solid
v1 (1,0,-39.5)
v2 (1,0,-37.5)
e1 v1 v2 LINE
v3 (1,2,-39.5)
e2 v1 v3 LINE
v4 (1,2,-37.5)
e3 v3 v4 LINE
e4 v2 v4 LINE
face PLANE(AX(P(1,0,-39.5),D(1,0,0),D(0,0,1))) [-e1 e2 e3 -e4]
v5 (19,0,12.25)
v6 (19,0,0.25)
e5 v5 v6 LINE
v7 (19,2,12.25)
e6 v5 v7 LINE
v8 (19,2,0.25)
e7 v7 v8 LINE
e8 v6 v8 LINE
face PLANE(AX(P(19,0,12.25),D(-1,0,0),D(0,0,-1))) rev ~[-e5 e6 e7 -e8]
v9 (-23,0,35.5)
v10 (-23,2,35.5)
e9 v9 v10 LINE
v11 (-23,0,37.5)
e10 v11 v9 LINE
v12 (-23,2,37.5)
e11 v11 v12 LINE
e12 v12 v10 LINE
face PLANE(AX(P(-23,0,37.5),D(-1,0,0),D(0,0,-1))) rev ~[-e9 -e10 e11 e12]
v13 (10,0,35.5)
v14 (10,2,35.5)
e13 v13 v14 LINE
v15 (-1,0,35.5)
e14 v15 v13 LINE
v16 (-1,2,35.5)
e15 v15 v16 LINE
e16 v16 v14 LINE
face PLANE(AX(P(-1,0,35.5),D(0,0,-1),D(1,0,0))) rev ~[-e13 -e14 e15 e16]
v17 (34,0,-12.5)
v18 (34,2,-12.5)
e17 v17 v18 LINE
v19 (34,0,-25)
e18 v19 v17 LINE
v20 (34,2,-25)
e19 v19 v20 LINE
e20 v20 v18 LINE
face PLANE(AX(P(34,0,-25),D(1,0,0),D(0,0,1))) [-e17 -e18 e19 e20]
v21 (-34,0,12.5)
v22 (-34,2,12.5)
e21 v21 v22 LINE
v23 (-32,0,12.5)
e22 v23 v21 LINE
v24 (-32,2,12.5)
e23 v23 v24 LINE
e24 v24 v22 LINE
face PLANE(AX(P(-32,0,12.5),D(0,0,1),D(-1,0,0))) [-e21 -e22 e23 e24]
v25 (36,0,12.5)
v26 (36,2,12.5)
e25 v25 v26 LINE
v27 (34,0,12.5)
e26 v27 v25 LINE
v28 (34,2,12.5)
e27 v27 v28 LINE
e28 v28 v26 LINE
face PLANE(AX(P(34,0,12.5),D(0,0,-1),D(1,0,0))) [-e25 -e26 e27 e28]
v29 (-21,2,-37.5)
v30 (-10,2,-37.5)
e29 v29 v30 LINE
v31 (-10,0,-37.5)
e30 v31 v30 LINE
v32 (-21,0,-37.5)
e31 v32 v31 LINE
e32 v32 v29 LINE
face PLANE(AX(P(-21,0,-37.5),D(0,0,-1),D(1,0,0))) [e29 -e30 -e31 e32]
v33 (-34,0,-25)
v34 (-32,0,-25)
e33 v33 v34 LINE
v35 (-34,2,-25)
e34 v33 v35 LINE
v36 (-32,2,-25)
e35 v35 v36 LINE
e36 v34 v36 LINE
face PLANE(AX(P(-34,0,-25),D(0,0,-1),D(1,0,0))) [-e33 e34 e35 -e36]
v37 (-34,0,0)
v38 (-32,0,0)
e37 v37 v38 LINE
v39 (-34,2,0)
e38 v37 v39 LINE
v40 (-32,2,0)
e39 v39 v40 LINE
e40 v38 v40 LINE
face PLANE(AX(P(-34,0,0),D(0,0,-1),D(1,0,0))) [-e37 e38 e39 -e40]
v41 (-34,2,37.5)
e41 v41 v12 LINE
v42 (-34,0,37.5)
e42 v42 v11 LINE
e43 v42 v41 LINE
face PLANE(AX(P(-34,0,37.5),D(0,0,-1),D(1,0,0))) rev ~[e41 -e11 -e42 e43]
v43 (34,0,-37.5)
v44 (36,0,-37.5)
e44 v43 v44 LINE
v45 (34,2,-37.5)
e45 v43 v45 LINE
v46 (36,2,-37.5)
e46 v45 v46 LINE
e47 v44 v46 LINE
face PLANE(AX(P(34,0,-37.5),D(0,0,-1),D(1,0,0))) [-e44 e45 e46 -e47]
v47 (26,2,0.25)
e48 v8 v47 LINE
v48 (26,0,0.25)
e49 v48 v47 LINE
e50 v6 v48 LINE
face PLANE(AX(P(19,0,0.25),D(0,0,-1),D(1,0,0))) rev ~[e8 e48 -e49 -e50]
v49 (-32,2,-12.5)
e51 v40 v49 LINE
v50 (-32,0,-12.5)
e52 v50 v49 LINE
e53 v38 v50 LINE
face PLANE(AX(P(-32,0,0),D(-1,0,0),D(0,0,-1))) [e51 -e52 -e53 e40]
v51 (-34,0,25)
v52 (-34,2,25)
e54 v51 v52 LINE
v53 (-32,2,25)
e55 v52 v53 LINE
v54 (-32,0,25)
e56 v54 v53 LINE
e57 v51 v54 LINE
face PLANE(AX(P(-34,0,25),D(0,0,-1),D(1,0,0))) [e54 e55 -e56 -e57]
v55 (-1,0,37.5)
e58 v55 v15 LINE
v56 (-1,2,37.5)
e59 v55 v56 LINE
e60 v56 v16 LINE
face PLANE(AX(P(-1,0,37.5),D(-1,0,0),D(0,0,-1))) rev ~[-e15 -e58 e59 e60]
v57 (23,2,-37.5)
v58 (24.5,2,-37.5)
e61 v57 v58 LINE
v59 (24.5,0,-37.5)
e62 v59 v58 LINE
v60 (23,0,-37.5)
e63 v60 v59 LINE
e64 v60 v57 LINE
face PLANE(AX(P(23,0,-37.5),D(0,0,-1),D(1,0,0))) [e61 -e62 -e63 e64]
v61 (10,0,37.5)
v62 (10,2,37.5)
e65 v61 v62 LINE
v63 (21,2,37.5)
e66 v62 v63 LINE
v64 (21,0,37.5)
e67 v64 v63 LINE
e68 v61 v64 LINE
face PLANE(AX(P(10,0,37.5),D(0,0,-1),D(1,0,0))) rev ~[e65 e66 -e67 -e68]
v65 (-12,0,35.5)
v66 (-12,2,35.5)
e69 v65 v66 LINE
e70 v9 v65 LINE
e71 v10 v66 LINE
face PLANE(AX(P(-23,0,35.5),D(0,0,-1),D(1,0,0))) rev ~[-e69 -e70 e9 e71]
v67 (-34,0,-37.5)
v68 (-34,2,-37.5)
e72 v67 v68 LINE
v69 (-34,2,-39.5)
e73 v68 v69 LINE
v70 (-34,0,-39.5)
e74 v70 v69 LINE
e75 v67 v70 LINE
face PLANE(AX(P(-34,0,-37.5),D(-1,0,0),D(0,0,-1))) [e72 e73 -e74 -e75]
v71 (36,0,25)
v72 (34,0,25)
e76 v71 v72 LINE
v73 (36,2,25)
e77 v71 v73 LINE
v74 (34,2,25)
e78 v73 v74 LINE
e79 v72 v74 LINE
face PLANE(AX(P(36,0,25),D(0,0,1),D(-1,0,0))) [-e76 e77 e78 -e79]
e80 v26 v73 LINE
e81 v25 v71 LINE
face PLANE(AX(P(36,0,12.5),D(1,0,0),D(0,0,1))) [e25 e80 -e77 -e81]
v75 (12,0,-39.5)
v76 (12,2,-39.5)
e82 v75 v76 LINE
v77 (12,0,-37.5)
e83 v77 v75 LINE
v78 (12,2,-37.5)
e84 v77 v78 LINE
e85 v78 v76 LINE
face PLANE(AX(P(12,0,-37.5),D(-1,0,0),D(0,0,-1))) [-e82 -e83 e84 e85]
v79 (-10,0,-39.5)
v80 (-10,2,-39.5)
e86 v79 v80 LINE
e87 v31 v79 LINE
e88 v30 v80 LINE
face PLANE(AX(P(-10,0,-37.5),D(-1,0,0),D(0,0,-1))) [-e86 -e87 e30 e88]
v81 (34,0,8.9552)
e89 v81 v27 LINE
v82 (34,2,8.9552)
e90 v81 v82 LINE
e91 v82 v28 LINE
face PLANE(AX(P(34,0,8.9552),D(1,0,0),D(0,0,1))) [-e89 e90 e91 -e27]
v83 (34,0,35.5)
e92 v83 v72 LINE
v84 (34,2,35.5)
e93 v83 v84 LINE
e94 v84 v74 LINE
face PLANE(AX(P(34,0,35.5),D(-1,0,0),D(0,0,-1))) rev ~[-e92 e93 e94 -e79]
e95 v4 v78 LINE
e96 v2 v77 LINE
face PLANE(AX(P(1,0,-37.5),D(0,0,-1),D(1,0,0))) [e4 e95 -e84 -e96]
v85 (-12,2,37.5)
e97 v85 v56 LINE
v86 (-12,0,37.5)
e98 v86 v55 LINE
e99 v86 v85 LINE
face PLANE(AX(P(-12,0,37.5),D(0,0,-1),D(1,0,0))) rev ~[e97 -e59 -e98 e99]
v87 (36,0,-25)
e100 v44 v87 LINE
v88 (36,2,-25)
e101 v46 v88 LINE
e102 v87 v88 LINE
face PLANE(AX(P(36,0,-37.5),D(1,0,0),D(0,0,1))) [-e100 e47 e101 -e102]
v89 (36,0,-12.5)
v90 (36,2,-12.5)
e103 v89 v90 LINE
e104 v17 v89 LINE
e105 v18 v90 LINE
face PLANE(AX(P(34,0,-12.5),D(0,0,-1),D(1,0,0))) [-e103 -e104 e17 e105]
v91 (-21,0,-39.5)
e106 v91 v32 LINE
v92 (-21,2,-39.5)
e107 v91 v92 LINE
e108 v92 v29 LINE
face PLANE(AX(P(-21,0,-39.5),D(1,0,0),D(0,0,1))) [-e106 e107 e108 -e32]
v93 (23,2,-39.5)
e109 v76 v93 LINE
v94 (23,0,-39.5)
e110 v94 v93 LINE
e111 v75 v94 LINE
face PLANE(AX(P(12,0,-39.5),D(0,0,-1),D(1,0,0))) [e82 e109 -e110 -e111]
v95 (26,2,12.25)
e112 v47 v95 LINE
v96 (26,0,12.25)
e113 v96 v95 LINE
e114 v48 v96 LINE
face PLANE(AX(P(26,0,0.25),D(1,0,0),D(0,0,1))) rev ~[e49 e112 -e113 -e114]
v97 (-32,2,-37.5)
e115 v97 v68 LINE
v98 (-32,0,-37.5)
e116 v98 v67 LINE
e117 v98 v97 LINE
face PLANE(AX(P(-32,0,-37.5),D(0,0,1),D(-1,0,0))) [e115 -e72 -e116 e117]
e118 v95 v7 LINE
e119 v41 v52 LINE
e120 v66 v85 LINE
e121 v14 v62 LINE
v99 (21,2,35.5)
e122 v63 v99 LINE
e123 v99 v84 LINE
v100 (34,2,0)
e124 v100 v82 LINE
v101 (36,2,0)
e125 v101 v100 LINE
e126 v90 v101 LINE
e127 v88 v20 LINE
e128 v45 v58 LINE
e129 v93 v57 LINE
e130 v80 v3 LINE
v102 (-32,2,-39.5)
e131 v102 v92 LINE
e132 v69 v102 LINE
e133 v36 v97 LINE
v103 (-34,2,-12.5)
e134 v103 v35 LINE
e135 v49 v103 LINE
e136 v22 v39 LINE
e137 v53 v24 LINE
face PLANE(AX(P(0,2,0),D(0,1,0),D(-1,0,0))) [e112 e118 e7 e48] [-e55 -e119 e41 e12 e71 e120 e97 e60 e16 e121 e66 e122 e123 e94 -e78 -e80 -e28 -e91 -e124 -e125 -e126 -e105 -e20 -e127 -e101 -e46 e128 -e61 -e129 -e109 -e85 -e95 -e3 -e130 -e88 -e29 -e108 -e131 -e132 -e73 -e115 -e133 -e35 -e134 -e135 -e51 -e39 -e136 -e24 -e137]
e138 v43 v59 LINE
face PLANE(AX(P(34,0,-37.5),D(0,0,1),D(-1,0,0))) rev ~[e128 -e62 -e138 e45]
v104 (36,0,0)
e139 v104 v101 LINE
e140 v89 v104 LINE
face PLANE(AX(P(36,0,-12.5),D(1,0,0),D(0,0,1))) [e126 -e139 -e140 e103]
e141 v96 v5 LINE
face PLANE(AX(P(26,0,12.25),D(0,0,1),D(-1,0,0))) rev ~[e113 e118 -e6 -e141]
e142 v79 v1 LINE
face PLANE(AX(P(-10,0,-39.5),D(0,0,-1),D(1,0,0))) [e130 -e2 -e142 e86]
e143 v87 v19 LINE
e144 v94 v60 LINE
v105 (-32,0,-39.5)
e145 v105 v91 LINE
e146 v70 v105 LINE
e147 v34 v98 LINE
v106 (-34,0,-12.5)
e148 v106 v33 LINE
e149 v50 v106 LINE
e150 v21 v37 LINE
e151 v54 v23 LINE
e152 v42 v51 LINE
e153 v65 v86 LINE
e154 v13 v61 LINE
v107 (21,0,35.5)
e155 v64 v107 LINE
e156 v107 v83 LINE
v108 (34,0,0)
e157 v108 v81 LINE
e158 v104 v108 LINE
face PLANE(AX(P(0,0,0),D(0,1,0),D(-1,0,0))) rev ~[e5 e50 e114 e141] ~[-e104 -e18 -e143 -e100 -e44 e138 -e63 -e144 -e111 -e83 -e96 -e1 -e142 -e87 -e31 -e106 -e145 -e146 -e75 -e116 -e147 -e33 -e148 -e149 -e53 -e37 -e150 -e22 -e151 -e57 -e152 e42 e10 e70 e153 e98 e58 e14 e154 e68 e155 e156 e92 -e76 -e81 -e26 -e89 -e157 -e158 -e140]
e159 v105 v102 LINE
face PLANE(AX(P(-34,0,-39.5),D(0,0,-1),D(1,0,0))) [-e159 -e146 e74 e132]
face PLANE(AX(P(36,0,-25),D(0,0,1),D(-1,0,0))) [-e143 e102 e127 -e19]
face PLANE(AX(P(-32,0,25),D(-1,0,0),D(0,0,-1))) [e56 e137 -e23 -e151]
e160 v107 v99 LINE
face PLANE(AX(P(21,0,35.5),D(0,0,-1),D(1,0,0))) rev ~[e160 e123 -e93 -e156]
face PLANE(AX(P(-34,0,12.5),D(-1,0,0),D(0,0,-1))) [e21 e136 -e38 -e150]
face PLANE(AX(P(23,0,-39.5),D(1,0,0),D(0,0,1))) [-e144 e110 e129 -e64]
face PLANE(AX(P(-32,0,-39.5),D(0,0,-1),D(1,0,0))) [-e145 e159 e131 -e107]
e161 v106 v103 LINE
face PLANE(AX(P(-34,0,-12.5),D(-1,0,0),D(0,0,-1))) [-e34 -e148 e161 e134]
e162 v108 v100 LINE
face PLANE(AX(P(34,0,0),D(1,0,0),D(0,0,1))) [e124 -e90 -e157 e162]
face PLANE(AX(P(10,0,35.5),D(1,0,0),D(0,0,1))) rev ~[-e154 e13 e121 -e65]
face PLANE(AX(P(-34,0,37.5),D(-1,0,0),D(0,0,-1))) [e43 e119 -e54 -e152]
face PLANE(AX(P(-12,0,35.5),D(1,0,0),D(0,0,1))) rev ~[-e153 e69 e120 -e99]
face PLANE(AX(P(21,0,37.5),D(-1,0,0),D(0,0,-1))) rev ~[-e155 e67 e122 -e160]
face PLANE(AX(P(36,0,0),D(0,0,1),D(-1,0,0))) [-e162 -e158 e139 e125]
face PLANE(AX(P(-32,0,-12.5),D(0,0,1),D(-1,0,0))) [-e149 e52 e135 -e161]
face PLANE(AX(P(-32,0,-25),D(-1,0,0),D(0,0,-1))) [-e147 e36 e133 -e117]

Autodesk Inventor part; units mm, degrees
ref_plane "YZ Plane" through (0, 0, 0) normal (1, 0, 0) x (0, 1, 0)
ref_plane "XZ Plane" through (0, 0, 0) normal (0, 1, 0) x (-1, 0, 0)
ref_plane "XY Plane" through (0, 0, 0) normal (0, 0, 1) x (1, 0, 0)
sketch "Sketch1" plane through (0, 0, 0) normal (0, 1, 0) x (-1, 0, 0)
  line L0 (34, 37.5) -> (-34, -37.5) construction
  line L1 (-34, 37.5) -> (34, -37.5) construction
  line L2 (34, 37.5) -> (34, 25)
  line L3 (34, 25) -> (32, 25)
  line L4 (32, 25) -> (32, 12.5)
  line L5 (32, 12.5) -> (34, 12.5)
  line L6 (34, 12.5) -> (34, 0)
  line L7 (34, 0) -> (32, 0)
  line L8 (32, 0) -> (32, -12.5)
  line L9 (32, -12.5) -> (34, -12.5)
  line L10 (34, -12.5) -> (34, -25)
  line L11 (34, -25) -> (32, -25)
  line L12 (32, -25) -> (32, -37.5)
  line L13 (34, -25) -> (34, -12.5)
  line L14 (34, 0) -> (34, 12.5)
  line L15 (34, 25) -> (34, 37.5)
  line L16 (32, -39.5) -> (21, -39.5)
  line L17 (21, -39.5) -> (21, -37.5)
  line L18 (21, -37.5) -> (10, -37.5)
  line L19 (10, -37.5) -> (10, -39.5)
  line L20 (10, -39.5) -> (-1, -39.5)
  line L21 (-1, -39.5) -> (-1, -37.5)
  line L22 (-1, -37.5) -> (-12, -37.5)
  line L23 (-12, -37.5) -> (-12, -39.5)
  line L24 (-12, -39.5) -> (-23, -39.5)
  line L25 (-36, -37.5) -> (-36, -25)
  line L26 (-36, -25) -> (-34, -25)
  line L27 (-34, -25) -> (-34, -12.5)
  line L28 (-34, -12.5) -> (-36, -12.5)
  line L29 (-36, -12.5) -> (-36, 0)
  line L30 (-36, 0) -> (-34, 0)
  line L31 (-34, 0) -> (-34, 12.5)
  line L32 (-34, 12.5) -> (-34, 8.9552)
  line L33 (-34, 12.5) -> (-36, 12.5)
  line L34 (-36, 12.5) -> (-36, 25)
  line L35 (-36, 25) -> (-34, 25)
  line L36 (10, -37.5) -> (21, -37.5)
  line L37 (-34, -37.5) -> (-24.5, -37.5)
  line L38 (-12, -37.5) -> (-1, -37.5)
  line L39 (-34, -12.5) -> (-34, -25)
  line L40 (-34, 35.5) -> (-34, 25)
  line L41 (-34, 12.5) -> (-34, 0)
  line L42 (34, 37.5) -> (23, 37.5)
  line L43 (23, 37.5) -> (23, 35.5)
  line L44 (23, 35.5) -> (12, 35.5)
  line L45 (12, 35.5) -> (12, 37.5)
  line L46 (12, 37.5) -> (1, 37.5)
  line L47 (1, 37.5) -> (1, 35.5)
  line L48 (1, 35.5) -> (-10, 35.5)
  line L49 (-10, 35.5) -> (-10, 37.5)
  line L50 (-10, 37.5) -> (-21, 37.5)
  line L51 (-21, 37.5) -> (-21, 35.5)
  line L52 (-21, 35.5) -> (-34, 35.5)
  line L53 (34, 37.5) -> (23, 37.5)
  line L54 (12, 37.5) -> (1, 37.5)
  line L55 (-10, 37.5) -> (-21, 37.5)
  line L56 (-26, 12.25) -> (-19, 12.25)
  line L57 (-19, 12.25) -> (-19, 0.25)
  line L58 (-19, 0.25) -> (-26, 0.25)
  line L59 (-26, 0.25) -> (-26, 12.25)
  line L60 (-26, 12.25) -> (-19, 0.25) construction
  line L61 (-19, 12.25) -> (-26, 0.25) construction
  line L62 (32, -37.5) -> (34, -37.5)
  line L63 (34, -39.5) -> (32, -39.5)
  line L64 (34, -37.5) -> (34, -39.5)
  line L65 (-34, -37.5) -> (-36, -37.5)
  line L66 (-23, -39.5) -> (-23, -37.5)
  line L67 (-23, -37.5) -> (-24.5, -37.5)
  point P0 (0, 0)
  point P1 (-35.8133, -39.5)
  dimension "d3" = 2
  dimension "d4" = 12.5
  dimension "d5" = 12.5
  dimension "d6" = 12.5
  dimension "d7" = 12.5
  dimension "d11" = 11
  dimension "d12" = 11
  dimension "d13" = 11
  dimension "d14" = 11
  dimension "d17" = 12.5
  dimension "d18" = 2
  dimension "d19" = 12.5
  dimension "d20" = 12.5
  dimension "d21" = 2
  dimension "d22" = 12.5
  dimension "d23" = 11
  dimension "d26" = 11
  dimension "d28" = 11
  dimension "d29" = 11
  dimension "d32" = 7
  dimension "d33" = 12
  dimension "d36" = 13
extrude "Extrusion1" add sketch "Sketch1" along normal blind 2
properties part number "KANAN"
